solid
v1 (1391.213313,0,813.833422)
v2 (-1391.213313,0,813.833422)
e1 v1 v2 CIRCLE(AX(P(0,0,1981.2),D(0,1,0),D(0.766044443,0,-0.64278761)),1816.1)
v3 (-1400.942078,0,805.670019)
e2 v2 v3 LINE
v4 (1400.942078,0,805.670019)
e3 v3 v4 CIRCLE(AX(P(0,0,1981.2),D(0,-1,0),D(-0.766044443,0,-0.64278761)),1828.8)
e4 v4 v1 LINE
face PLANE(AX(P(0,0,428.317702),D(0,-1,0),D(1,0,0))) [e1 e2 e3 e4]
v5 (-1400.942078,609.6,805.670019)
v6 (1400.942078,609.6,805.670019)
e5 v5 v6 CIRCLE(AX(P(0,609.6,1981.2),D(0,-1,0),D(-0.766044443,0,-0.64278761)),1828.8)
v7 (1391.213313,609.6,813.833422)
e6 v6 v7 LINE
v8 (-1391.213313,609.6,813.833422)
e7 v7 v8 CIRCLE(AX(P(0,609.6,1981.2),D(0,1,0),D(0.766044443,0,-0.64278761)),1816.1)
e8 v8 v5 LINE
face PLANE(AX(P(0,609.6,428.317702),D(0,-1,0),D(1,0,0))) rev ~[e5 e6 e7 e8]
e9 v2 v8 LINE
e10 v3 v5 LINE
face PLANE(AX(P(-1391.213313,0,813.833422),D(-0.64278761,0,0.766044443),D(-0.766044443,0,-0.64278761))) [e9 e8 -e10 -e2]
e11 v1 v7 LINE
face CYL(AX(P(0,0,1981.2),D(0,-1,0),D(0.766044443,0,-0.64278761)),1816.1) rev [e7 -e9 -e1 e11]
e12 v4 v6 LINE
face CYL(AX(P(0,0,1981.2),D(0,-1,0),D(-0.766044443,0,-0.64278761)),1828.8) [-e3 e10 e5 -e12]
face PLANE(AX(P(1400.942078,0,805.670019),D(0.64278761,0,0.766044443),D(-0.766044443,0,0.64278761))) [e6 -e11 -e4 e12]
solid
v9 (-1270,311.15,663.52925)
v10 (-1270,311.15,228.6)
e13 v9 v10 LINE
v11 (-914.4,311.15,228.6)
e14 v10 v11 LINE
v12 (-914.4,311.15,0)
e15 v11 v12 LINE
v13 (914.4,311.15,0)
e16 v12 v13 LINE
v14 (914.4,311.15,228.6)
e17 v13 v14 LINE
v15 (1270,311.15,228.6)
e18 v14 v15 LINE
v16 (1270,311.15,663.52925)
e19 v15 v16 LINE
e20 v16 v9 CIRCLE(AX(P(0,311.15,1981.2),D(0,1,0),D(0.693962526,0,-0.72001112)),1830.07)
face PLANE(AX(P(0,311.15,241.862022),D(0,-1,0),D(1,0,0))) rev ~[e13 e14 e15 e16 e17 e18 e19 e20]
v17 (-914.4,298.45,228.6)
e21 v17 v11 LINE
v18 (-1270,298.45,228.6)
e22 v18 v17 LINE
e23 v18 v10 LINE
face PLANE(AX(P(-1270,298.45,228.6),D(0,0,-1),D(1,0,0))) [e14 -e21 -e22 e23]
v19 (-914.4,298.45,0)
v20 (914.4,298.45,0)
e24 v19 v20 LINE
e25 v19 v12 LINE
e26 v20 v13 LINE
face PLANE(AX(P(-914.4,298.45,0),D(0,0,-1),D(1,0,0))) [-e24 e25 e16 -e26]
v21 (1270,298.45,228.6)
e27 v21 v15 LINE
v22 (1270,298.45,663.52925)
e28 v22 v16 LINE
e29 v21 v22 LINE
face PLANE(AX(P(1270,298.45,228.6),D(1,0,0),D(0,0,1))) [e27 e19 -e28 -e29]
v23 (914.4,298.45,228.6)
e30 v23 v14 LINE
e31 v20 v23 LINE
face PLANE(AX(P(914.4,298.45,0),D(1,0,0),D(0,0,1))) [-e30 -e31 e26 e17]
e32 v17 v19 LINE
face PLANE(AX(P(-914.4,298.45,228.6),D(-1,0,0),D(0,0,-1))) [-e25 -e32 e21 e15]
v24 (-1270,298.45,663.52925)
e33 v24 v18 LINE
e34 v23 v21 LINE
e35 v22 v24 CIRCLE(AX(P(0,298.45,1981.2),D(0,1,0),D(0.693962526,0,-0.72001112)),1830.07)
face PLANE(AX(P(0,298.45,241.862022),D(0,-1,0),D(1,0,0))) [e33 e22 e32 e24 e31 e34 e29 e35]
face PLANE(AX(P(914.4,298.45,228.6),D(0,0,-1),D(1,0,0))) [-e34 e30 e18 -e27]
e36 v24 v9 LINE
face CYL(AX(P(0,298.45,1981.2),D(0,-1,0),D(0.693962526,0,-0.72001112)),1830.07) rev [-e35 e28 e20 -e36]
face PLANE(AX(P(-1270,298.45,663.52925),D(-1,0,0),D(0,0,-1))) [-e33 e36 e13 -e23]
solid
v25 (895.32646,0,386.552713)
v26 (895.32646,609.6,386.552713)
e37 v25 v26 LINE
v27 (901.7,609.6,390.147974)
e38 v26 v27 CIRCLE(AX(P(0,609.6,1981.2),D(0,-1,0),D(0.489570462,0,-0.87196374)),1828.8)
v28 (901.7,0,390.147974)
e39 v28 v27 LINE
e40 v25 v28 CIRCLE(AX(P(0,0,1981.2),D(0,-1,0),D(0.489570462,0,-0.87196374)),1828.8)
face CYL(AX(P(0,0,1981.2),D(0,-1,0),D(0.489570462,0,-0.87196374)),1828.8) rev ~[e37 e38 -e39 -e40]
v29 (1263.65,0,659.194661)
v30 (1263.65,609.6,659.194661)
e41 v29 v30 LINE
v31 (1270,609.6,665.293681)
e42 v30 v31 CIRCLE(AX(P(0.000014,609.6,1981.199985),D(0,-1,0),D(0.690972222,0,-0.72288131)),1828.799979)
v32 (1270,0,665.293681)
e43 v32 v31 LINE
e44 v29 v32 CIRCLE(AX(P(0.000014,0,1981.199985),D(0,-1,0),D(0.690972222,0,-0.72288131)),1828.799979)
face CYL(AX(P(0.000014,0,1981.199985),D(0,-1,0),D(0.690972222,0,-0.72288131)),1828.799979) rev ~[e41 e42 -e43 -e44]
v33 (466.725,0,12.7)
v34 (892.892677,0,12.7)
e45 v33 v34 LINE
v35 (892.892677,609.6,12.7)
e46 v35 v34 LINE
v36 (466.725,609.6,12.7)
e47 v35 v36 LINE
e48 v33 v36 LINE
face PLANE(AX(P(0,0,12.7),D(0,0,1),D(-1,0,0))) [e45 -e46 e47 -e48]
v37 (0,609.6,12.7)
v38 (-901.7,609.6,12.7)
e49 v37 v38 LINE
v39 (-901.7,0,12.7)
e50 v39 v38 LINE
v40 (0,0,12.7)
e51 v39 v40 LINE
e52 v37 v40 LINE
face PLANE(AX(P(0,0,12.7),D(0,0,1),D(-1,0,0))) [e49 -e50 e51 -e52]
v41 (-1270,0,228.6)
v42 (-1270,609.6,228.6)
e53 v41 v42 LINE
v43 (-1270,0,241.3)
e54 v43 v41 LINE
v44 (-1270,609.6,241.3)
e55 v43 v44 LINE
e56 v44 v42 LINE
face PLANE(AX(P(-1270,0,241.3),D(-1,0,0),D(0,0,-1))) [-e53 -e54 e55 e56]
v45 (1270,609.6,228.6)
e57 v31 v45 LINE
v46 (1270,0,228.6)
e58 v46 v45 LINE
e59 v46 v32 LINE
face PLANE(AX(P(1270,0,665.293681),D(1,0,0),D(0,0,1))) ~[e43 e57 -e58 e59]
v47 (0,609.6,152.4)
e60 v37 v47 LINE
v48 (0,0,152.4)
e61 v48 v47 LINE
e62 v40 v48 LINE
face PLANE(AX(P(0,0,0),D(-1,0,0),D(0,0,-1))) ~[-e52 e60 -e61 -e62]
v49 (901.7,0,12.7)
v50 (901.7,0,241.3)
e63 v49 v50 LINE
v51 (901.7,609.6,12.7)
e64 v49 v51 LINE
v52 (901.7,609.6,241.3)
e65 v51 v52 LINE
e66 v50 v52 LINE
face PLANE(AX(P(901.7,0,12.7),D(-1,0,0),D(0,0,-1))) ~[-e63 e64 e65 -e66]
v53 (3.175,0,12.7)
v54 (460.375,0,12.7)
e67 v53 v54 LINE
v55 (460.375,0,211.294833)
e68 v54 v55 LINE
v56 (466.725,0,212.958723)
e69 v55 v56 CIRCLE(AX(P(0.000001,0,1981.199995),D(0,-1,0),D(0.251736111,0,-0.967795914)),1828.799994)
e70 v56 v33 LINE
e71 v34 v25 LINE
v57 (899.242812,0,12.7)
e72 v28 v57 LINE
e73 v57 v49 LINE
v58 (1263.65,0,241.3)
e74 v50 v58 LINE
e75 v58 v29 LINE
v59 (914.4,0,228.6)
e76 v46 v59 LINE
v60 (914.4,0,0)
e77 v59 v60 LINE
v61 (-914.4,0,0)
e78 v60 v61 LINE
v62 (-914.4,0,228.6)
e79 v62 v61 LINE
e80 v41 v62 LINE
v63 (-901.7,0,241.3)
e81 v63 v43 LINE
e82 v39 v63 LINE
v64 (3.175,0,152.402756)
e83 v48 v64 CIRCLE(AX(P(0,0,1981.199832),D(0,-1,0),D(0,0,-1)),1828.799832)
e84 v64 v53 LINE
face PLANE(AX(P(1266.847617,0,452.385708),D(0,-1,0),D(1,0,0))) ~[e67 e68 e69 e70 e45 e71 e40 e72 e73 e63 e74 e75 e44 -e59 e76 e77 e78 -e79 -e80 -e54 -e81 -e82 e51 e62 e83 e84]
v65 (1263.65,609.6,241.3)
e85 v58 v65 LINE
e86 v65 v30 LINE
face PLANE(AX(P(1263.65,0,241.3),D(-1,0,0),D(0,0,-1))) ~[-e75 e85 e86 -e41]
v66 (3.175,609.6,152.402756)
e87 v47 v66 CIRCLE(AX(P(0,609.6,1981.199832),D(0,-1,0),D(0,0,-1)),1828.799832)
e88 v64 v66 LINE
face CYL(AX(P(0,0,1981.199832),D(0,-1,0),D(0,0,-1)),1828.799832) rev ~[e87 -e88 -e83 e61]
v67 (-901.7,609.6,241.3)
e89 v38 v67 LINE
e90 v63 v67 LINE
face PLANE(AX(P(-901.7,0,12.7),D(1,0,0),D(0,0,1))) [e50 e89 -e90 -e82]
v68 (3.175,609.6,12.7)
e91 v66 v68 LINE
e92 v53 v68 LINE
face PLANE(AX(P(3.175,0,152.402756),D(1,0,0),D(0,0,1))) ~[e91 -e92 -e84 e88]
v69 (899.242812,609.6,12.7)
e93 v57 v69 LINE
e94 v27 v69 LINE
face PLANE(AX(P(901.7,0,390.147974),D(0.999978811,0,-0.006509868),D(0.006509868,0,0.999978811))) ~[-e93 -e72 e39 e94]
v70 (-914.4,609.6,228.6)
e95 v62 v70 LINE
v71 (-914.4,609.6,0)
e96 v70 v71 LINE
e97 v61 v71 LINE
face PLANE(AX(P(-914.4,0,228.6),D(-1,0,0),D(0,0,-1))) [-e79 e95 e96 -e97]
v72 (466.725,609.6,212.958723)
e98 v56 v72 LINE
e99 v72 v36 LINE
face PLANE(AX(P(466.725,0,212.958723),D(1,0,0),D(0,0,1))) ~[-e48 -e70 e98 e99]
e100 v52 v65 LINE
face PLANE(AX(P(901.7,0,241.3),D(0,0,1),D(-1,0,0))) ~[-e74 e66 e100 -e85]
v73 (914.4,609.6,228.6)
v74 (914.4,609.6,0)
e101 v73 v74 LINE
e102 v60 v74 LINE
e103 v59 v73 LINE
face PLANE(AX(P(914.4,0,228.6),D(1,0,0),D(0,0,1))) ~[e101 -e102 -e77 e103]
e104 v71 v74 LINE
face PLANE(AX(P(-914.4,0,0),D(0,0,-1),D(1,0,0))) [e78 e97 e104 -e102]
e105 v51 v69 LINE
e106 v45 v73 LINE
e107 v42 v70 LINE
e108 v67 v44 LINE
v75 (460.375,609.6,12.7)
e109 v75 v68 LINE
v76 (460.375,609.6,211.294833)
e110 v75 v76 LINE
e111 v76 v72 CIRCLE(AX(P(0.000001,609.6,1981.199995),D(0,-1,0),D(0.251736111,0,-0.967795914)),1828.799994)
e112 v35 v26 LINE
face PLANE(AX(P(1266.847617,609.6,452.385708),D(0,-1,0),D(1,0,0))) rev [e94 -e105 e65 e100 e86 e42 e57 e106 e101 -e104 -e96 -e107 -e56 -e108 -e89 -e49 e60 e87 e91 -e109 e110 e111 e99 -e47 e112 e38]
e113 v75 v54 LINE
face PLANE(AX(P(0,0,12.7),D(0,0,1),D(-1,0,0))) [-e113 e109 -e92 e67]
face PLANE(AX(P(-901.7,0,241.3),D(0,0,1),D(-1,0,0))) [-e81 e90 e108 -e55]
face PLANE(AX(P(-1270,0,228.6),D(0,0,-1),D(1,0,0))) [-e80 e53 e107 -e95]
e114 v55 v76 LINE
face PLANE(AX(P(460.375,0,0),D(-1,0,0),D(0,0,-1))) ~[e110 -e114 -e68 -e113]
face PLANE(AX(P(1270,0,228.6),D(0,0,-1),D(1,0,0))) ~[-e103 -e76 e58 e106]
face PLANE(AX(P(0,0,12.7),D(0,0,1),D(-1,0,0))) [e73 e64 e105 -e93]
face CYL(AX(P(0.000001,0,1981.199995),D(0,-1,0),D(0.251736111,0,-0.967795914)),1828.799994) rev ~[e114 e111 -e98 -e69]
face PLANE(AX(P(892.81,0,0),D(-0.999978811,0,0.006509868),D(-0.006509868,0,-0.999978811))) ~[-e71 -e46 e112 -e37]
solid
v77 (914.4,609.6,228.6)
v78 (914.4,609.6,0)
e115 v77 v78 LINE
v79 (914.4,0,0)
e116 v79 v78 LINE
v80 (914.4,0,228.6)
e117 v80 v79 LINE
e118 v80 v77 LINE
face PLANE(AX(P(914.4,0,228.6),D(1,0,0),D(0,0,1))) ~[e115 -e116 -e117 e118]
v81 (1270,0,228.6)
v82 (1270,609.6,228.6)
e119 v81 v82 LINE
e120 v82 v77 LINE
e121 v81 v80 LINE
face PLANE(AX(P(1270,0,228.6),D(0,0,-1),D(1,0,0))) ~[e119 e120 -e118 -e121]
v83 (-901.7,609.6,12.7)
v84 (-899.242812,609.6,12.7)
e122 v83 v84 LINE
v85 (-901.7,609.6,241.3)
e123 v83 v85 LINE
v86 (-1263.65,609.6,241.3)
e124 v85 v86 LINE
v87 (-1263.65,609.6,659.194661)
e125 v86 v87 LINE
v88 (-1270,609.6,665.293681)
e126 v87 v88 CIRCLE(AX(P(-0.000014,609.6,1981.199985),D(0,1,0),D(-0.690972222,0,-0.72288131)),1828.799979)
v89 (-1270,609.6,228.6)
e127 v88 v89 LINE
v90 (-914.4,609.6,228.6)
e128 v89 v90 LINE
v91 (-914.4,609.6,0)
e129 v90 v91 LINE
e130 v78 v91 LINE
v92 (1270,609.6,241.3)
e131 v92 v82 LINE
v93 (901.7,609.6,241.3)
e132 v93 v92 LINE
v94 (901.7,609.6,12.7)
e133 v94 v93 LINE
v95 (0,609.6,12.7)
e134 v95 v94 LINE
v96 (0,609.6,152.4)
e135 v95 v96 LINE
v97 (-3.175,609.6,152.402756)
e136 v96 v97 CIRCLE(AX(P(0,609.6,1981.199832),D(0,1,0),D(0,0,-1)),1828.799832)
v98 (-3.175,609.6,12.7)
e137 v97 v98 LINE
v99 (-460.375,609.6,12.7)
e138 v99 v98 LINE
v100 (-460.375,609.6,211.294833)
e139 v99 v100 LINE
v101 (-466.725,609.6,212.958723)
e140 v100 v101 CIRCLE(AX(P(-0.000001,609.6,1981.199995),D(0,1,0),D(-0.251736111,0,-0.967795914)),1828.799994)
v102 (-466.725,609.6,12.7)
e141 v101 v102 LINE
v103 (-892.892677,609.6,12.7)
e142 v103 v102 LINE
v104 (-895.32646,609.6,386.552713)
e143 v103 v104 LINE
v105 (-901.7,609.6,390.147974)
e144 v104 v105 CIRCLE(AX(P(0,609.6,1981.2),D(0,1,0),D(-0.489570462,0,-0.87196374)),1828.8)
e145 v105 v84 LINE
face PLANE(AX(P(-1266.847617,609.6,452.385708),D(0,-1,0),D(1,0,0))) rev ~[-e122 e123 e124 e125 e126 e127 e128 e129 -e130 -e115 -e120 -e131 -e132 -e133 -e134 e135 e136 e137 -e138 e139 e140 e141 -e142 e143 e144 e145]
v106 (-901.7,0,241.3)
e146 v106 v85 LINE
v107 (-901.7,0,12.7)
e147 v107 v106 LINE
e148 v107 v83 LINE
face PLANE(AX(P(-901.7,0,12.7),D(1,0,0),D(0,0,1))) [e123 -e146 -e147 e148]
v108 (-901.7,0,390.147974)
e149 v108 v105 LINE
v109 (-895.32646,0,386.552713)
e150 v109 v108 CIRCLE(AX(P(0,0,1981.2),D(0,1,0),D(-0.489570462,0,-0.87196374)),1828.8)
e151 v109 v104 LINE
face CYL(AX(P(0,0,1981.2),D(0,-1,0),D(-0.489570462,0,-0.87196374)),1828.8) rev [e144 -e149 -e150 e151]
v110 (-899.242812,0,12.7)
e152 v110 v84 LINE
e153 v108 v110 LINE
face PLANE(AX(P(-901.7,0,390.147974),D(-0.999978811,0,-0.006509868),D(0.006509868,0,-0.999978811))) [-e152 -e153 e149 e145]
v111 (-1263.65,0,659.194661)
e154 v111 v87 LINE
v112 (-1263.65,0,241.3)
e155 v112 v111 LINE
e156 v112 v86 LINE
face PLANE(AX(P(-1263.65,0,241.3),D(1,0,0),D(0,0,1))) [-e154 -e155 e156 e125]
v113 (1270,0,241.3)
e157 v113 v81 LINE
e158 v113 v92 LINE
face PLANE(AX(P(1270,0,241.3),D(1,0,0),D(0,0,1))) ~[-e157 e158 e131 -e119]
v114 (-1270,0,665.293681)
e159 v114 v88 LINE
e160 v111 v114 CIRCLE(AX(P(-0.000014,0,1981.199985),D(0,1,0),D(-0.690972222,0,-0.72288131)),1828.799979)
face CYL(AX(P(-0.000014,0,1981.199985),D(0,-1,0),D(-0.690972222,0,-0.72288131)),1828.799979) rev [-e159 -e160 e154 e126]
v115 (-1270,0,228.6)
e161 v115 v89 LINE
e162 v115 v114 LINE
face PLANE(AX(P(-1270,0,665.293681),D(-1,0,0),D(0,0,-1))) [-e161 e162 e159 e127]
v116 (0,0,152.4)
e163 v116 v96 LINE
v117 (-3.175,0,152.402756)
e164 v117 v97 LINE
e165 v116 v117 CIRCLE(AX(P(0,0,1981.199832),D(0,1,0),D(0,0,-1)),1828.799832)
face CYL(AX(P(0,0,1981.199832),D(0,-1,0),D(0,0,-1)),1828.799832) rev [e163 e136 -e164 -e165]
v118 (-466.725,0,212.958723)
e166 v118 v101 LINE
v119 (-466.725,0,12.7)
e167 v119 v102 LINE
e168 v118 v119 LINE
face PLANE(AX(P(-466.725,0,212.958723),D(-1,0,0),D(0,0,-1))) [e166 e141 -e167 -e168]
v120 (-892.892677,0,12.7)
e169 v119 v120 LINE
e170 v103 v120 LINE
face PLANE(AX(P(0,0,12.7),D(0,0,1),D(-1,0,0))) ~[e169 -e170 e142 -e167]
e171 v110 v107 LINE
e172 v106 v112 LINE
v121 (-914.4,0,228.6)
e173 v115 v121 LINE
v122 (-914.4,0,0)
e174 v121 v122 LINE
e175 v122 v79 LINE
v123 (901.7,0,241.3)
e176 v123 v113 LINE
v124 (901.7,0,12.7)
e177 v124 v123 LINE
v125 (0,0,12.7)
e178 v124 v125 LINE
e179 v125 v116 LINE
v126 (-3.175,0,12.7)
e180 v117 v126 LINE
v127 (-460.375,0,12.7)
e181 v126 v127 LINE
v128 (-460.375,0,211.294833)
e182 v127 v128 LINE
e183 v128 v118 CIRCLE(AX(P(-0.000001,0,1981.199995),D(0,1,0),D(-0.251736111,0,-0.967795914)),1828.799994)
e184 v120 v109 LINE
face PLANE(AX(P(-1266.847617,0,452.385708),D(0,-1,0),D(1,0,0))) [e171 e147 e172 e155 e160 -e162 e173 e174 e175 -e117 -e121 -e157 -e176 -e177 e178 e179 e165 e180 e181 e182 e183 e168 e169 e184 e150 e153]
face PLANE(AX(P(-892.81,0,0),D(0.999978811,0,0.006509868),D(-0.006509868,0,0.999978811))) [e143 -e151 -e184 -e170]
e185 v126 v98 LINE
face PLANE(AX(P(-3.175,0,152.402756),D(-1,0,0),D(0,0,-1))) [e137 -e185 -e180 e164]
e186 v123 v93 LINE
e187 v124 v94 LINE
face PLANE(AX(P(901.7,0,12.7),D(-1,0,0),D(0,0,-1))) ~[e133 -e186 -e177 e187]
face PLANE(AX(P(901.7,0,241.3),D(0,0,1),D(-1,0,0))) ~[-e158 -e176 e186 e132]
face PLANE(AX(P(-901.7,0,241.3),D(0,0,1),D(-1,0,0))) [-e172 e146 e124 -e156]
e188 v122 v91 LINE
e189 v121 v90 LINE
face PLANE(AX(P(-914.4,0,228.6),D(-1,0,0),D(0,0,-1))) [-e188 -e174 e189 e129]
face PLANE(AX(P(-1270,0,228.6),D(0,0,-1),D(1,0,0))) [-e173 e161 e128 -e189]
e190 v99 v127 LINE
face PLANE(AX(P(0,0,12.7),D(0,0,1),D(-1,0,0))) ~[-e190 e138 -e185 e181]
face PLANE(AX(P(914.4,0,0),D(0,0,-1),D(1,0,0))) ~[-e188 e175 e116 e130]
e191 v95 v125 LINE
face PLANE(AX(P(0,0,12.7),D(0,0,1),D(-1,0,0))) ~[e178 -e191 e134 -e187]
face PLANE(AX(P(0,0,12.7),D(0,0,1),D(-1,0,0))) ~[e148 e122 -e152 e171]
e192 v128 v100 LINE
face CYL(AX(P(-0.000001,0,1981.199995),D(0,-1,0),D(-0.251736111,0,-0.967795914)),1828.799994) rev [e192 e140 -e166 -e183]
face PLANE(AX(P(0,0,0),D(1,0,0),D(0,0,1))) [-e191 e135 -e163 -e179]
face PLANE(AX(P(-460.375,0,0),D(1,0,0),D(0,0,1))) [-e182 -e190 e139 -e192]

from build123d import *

# Parameters (mm, degrees)
F1_DEPTH  = 609.6
F4_DEPTH  = 609.6
F6_DEPTH  = 609.6
F11_DEPTH = 12.7


with BuildPart() as f1:
    # F0 (on Front) → F1 (new body)
    with BuildSketch(Plane.XZ):
        Polygon((-914.4, 0), (0, 0), (0, 12.7), (-901.7, 12.7), (-901.7, 241.3), (-914.4, 241.3), (-1270, 241.3), (-1270, 228.6), (-914.4, 228.6), (-914.4, 12.7), align=None)
    extrude(amount=-F1_DEPTH)

    # F2: F1 across plane


with BuildPart() as f1_1:
    add(f1.part)
    add(f1.part.mirror(Plane.YZ))

    # F5 (on Front) → F6 (join)
    with BuildSketch(Plane.XZ):
        with BuildLine():
            ThreePointArc((-1263.65, 659.194660563), (-1266.8286703963, 662.2403494185), (-1270, 665.293681146))
            Line((-1270, 665.293681146), (-1270, 241.3))
            Line((-1270, 241.3), (-1263.65, 241.3))
            Line((-1263.65, 241.3), (-1263.65, 659.194660563))
        make_face()
        with BuildLine():
            Line((-460.375, 0), (-460.375, 211.2948332255))
            ThreePointArc((-460.375, 211.2948332255), (-463.5507465555, 212.1239288917), (-466.725, 212.9587228053))
            Line((-466.725, 212.9587228053), (-466.725, 0))
            Line((-466.725, 0), (-460.375, 0))
        make_face()
        with BuildLine():
            Line((-3.175, 0), (0, 0))
            Line((0, 0), (0, 152.4))
            ThreePointArc((0, 152.4), (-1.5875005981, 152.4006890197), (-3.175, 152.4027560785))
            Line((-3.175, 152.4027560785), (-3.175, 0))
        make_face()
        with BuildLine():
            Line((-892.81, 0), (-895.3264602776, 386.5527131284))
            ThreePointArc((-895.3264602776, 386.5527131284), (-898.5150283714, 388.3471556384), (-901.7, 390.1479738236))
            Line((-901.7, 390.1479738236), (-899.1601345556, 0))
            Line((-899.1601345556, 0), (-892.81, 0))
        make_face()
    extrude(amount=-F6_DEPTH)


with BuildPart() as f4:
    # F3 (on Front) → F4 (new body)
    with BuildSketch(Plane.XZ):
        with BuildLine():
            Line((-1391.2133131484, 813.8334220483), (-1400.942077576, 805.6700194053))
            ThreePointArc((-1400.942077576, 805.6700194053), (0, 152.4), (1400.942077576, 805.6700194053))
            Line((1400.942077576, 805.6700194053), (1391.2133131484, 813.8334220483))
            ThreePointArc((1391.2133131484, 813.8334220483), (767.5170251473, 335.2544279627), (0, 165.1))
            ThreePointArc((0, 165.1), (-767.5170251473, 335.2544279627), (-1391.2133131484, 813.8334220483))
        make_face()
    extrude(amount=-F4_DEPTH)


with BuildPart() as f7_1:
    # F7: instance of F1
    add(f1_1.part.mirror(Plane.YZ))


with BuildPart() as f11:
    # F10 (on offset) → F11 (new body)
    with BuildSketch(Plane.XZ.offset(-298.45)):
        with BuildLine():
            Line((-914.4, 228.6), (-914.4, 0))
            Line((-914.4, 0), (914.4, 0))
            Line((914.4, 0), (914.4, 228.6))
            Line((914.4, 228.6), (1270, 228.6))
            Line((1270, 228.6), (1270, 663.5292501918))
            ThreePointArc((1270, 663.5292501918), (0, 151.13), (-1270, 663.5292501918))
            Line((-1270, 663.5292501918), (-1270, 228.6))
            Line((-1270, 228.6), (-914.4, 228.6))
        make_face()
    extrude(amount=-F11_DEPTH)


solid = Compound([f1_1.part, f4.part, f7_1.part, f11.part])
